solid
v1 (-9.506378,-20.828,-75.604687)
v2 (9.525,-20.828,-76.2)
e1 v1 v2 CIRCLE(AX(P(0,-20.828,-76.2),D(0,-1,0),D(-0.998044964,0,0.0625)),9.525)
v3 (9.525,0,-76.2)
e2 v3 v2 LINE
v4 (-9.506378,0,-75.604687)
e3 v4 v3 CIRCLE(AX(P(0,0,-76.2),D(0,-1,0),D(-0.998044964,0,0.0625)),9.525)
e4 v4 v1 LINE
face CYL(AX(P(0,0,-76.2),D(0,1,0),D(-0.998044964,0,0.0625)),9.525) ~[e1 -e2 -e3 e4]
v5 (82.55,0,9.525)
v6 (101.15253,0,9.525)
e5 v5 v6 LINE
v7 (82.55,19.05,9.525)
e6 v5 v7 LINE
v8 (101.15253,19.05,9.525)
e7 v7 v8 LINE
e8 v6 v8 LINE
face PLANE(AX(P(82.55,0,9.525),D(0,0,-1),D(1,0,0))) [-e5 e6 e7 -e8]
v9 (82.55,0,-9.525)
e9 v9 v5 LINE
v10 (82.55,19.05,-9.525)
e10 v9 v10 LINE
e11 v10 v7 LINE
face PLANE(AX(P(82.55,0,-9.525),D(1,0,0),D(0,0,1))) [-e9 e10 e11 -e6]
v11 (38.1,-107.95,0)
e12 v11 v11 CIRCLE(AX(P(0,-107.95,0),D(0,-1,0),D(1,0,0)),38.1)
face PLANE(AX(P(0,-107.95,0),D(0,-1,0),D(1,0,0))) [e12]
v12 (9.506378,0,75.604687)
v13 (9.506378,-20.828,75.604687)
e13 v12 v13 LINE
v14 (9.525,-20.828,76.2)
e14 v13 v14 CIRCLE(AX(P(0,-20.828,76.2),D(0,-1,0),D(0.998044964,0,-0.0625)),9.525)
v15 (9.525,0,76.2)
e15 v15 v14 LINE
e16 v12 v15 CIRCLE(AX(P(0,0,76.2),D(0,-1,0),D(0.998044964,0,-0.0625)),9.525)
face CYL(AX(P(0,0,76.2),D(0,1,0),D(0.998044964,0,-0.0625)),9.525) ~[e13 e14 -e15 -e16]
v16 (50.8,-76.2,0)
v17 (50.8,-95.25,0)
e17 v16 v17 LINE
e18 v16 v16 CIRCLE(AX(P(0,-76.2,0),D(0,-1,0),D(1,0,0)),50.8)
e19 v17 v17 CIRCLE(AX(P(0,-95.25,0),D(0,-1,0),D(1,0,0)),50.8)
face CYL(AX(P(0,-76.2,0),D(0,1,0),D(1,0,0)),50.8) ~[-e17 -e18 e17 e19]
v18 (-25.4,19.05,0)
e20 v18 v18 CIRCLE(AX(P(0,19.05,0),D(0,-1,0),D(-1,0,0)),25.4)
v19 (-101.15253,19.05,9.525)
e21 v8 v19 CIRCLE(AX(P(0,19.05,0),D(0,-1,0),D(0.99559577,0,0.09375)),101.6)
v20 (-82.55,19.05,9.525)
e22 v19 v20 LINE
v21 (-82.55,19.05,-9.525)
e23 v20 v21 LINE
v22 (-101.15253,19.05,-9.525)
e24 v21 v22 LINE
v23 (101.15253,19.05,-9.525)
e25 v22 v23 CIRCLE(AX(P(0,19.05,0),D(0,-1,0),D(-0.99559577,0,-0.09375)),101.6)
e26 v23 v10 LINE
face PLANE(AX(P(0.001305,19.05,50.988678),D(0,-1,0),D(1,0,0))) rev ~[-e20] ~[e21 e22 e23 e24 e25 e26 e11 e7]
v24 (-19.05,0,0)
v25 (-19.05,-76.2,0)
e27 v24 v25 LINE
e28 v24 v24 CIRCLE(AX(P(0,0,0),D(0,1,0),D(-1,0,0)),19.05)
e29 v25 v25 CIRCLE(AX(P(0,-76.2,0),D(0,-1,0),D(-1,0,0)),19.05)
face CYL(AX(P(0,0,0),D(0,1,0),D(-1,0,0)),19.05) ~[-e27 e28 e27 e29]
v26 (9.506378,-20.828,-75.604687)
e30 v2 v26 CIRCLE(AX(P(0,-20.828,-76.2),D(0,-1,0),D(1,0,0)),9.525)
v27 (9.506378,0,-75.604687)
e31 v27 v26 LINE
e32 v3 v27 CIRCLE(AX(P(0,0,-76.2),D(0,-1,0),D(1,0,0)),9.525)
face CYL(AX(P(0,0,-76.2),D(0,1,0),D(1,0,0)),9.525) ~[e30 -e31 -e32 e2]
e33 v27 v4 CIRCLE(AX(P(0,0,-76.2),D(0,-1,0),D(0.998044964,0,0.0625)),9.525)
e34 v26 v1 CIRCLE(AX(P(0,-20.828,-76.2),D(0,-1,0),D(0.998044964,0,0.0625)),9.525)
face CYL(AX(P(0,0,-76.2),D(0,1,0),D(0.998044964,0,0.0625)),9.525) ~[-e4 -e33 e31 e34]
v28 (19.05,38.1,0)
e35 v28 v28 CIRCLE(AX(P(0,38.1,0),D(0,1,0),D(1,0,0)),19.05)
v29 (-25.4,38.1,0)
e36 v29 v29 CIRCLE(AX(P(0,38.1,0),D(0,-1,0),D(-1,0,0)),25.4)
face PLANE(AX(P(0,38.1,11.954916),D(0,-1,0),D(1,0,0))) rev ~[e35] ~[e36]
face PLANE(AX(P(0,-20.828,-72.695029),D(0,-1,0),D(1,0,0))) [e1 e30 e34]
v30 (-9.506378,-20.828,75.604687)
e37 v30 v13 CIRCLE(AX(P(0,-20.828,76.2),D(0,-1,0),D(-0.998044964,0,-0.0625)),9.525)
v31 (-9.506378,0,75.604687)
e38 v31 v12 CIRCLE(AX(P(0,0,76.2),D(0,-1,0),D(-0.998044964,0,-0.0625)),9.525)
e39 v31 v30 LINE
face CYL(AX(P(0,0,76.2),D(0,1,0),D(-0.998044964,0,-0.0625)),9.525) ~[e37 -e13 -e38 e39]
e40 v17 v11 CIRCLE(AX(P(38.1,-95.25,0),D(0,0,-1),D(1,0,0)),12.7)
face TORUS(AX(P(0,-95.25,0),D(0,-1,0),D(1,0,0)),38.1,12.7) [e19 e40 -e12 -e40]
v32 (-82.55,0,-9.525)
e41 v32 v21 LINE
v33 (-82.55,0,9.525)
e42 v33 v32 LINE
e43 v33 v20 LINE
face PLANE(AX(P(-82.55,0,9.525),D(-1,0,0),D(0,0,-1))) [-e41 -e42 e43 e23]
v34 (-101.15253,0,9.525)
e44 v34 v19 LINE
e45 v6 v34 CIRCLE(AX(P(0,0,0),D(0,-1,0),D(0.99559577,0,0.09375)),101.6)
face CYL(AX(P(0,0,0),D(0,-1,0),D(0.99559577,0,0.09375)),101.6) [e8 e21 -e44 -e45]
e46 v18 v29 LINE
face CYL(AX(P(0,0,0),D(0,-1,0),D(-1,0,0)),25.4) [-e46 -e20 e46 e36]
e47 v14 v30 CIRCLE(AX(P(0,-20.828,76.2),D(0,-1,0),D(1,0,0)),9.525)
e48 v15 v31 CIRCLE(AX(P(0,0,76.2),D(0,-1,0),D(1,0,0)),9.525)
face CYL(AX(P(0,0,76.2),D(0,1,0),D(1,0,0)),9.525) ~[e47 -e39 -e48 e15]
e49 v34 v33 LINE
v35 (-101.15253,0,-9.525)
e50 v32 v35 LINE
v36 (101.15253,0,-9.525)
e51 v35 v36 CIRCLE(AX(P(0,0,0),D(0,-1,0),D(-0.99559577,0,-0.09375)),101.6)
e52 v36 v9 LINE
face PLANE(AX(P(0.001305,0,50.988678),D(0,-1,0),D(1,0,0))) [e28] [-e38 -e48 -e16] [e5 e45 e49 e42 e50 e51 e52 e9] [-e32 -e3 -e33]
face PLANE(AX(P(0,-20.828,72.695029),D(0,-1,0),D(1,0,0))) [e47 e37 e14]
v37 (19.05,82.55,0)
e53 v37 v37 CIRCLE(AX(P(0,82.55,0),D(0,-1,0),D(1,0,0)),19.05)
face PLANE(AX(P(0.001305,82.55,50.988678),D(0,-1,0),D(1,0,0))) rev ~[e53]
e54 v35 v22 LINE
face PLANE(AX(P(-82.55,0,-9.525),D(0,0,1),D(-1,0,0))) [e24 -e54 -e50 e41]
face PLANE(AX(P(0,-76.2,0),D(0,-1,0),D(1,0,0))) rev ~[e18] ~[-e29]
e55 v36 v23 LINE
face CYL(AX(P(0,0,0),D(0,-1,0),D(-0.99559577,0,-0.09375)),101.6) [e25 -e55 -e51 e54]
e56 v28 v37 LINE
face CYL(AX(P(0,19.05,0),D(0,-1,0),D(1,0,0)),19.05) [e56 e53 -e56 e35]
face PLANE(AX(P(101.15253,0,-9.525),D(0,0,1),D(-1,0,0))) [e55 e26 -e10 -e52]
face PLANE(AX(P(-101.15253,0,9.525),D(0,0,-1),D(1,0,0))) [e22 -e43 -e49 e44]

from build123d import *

# Parameters (mm, degrees)
F1_DEPTH = 19.05
F2_DEPTH = 76.2
F3_DEPTH = 20.828
F4_DEPTH = 38.1
F5_DEPTH = 63.5
F6_R     = 50.8
F6_R_2   = 19.05
F7_DEPTH = 31.75
F8_R     = 12.7


with BuildPart() as f1:
    # F0 (on Front) → F1 (new body)
    with BuildSketch(Plane.XZ):
        with BuildLine():
            Line((82.55, 9.525), (101.1525302452, 9.525))
            ThreePointArc((101.1525302452, 9.525), (0, 101.6), (-101.1525302452, 9.525))
            Line((-101.1525302452, 9.525), (-82.55, 9.525))
            Line((-82.55, 9.525), (-82.55, 0))
            Line((-82.55, 0), (-76.2, 0))
            ThreePointArc((-76.2, 0), (-57.1437924233, 50.4086003325), (-9.5063782813, 75.6046875))
            ThreePointArc((-9.5063782813, 75.6046875), (-0.2978018389, 85.7203434321), (9.525, 76.2))
            ThreePointArc((9.525, 76.2), (9.5203434321, 75.9021981611), (9.5063782813, 75.6046875))
            ThreePointArc((9.5063782813, 75.6046875), (57.1437924233, 50.4086003325), (76.2, 0))
            Line((76.2, 0), (82.55, 0))
            Line((82.55, 0), (82.55, 9.525))
        make_face()
        with BuildLine():
            ThreePointArc((-101.1525302452, -9.525), (0, -101.6), (101.1525302452, -9.525))
            Line((101.1525302452, -9.525), (82.55, -9.525))
            Line((82.55, -9.525), (82.55, 0))
            Line((82.55, 0), (76.2, 0))
            ThreePointArc((76.2, 0), (57.1437924233, -50.4086003325), (9.5063782813, -75.6046875))
            ThreePointArc((9.5063782813, -75.6046875), (9.5203434321, -75.9021981611), (9.525, -76.2))
            ThreePointArc((9.525, -76.2), (-0.2978018389, -85.7203434321), (-9.5063782813, -75.6046875))
            ThreePointArc((-9.5063782813, -75.6046875), (-57.1437924233, -50.4086003325), (-76.2, 0))
            Line((-76.2, 0), (-82.55, 0))
            Line((-82.55, 0), (-82.55, -9.525))
            Line((-82.55, -9.525), (-101.1525302452, -9.525))
        make_face()
        with BuildLine():
            ThreePointArc((9.5063782813, -75.6046875), (57.1437924233, -50.4086003325), (76.2, 0))
            Line((76.2, 0), (50.8, 0))
            ThreePointArc((50.8, 0), (0, -50.8), (-50.8, 0))
            Line((-50.8, 0), (-76.2, 0))
            ThreePointArc((-76.2, 0), (-57.1437924233, -50.4086003325), (-9.5063782813, -75.6046875))
            ThreePointArc((-9.5063782813, -75.6046875), (0, -66.675), (9.5063782813, -75.6046875))
        make_face()
        with BuildLine():
            ThreePointArc((-50.8, 0), (0, -50.8), (50.8, 0))
            Line((50.8, 0), (25.4, 0))
            ThreePointArc((25.4, 0), (0, -25.4), (-25.4, 0))
            Line((-25.4, 0), (-50.8, 0))
        make_face()
        with BuildLine():
            Line((25.4, 0), (50.8, 0))
            ThreePointArc((50.8, 0), (0, 50.8), (-50.8, 0))
            Line((-50.8, 0), (-25.4, 0))
            ThreePointArc((-25.4, 0), (0, 25.4), (25.4, 0))
        make_face()
        with BuildLine():
            Line((50.8, 0), (76.2, 0))
            ThreePointArc((76.2, 0), (57.1437924233, 50.4086003325), (9.5063782813, 75.6046875))
            ThreePointArc((9.5063782813, 75.6046875), (0, 66.675), (-9.5063782813, 75.6046875))
            ThreePointArc((-9.5063782813, 75.6046875), (-57.1437924233, 50.4086003325), (-76.2, 0))
            Line((-76.2, 0), (-50.8, 0))
            ThreePointArc((-50.8, 0), (0, 50.8), (50.8, 0))
        make_face()
        with BuildLine():
            ThreePointArc((-19.05, 0), (0, -19.05), (19.05, 0))
            Line((19.05, 0), (0, 0))
            Line((0, 0), (-19.05, 0))
        make_face()
        with BuildLine():
            Line((0, 0), (19.05, 0))
            ThreePointArc((19.05, 0), (0, 19.05), (-19.05, 0))
            Line((-19.05, 0), (0, 0))
        make_face()
        with BuildLine():
            ThreePointArc((9.525, -76.2), (9.5203434321, -75.9021981611), (9.5063782813, -75.6046875))
            ThreePointArc((9.5063782813, -75.6046875), (0, -76.2), (-9.5063782813, -75.6046875))
            ThreePointArc((-9.5063782813, -75.6046875), (-0.2978018389, -85.7203434321), (9.525, -76.2))
        make_face()
        with BuildLine():
            ThreePointArc((-9.5063782813, 75.6046875), (0, 66.675), (9.5063782813, 75.6046875))
            ThreePointArc((9.5063782813, 75.6046875), (0, 76.2), (-9.5063782813, 75.6046875))
        make_face()
        with BuildLine():
            ThreePointArc((-9.5063782813, 75.6046875), (0, 76.2), (9.5063782813, 75.6046875))
            ThreePointArc((9.5063782813, 75.6046875), (9.5203434321, 75.9021981611), (9.525, 76.2))
            ThreePointArc((9.525, 76.2), (-0.2978018389, 85.7203434321), (-9.5063782813, 75.6046875))
        make_face()
        with BuildLine():
            ThreePointArc((-9.5063782813, -75.6046875), (0, -76.2), (9.5063782813, -75.6046875))
            ThreePointArc((9.5063782813, -75.6046875), (0, -66.675), (-9.5063782813, -75.6046875))
        make_face()
        with BuildLine():
            ThreePointArc((-25.4, 0), (0, -25.4), (25.4, 0))
            Line((25.4, 0), (19.05, 0))
            ThreePointArc((19.05, 0), (0, -19.05), (-19.05, 0))
            Line((-19.05, 0), (-25.4, 0))
        make_face()
        with BuildLine():
            Line((19.05, 0), (25.4, 0))
            ThreePointArc((25.4, 0), (0, 25.4), (-25.4, 0))
            Line((-25.4, 0), (-19.05, 0))
            ThreePointArc((-19.05, 0), (0, 19.05), (19.05, 0))
        make_face()
    extrude(amount=-F1_DEPTH)

    # F0 (on Front) → F2 (join)
    with BuildSketch(Plane.XZ):
        with BuildLine():
            Line((0, 0), (19.05, 0))
            ThreePointArc((19.05, 0), (0, 19.05), (-19.05, 0))
            Line((-19.05, 0), (0, 0))
        make_face()
        with BuildLine():
            ThreePointArc((-19.05, 0), (0, -19.05), (19.05, 0))
            Line((19.05, 0), (0, 0))
            Line((0, 0), (-19.05, 0))
        make_face()
    extrude(amount=F2_DEPTH)

    # F0 (on Front) → F3 (join)
    with BuildSketch(Plane.XZ):
        with BuildLine():
            ThreePointArc((-9.5063782813, -75.6046875), (0, -76.2), (9.5063782813, -75.6046875))
            ThreePointArc((9.5063782813, -75.6046875), (0, -66.675), (-9.5063782813, -75.6046875))
        make_face()
        with BuildLine():
            ThreePointArc((9.525, -76.2), (9.5203434321, -75.9021981611), (9.5063782813, -75.6046875))
            ThreePointArc((9.5063782813, -75.6046875), (0, -76.2), (-9.5063782813, -75.6046875))
            ThreePointArc((-9.5063782813, -75.6046875), (-0.2978018389, -85.7203434321), (9.525, -76.2))
        make_face()
        with BuildLine():
            ThreePointArc((-9.5063782813, 75.6046875), (0, 66.675), (9.5063782813, 75.6046875))
            ThreePointArc((9.5063782813, 75.6046875), (0, 76.2), (-9.5063782813, 75.6046875))
        make_face()
        with BuildLine():
            ThreePointArc((-9.5063782813, 75.6046875), (0, 76.2), (9.5063782813, 75.6046875))
            ThreePointArc((9.5063782813, 75.6046875), (9.5203434321, 75.9021981611), (9.525, 76.2))
            ThreePointArc((9.525, 76.2), (-0.2978018389, 85.7203434321), (-9.5063782813, 75.6046875))
        make_face()
    extrude(amount=F3_DEPTH)

    # F0 (on Front) → F4 (join)
    with BuildSketch(Plane.XZ):
        with BuildLine():
            Line((19.05, 0), (25.4, 0))
            ThreePointArc((25.4, 0), (0, 25.4), (-25.4, 0))
            Line((-25.4, 0), (-19.05, 0))
            ThreePointArc((-19.05, 0), (0, 19.05), (19.05, 0))
        make_face()
        with BuildLine():
            ThreePointArc((-25.4, 0), (0, -25.4), (25.4, 0))
            Line((25.4, 0), (19.05, 0))
            ThreePointArc((19.05, 0), (0, -19.05), (-19.05, 0))
            Line((-19.05, 0), (-25.4, 0))
        make_face()
    extrude(amount=-F4_DEPTH)

    # F5 (add): a face of the model
    f5_faces = [f1.faces().sort_by_distance(p)[0] for p in [
        (0, 19.05, 0),
    ]]
    extrude(f5_faces, amount=F5_DEPTH)

    # F6 (on face) → F7 (join)
    with BuildSketch(Plane.XZ.offset(76.2)):
        Circle(F6_R)
        Circle(F6_R_2, mode=Mode.SUBTRACT)
        Circle(F6_R_2)
    extrude(amount=F7_DEPTH)

    # F8
    f8_edges = [f1.edges().sort_by_distance(p)[0] for p in [
        (-50.8, -107.95, 0),
    ]]
    fillet(f8_edges, radius=F8_R)


solid = f1.part
